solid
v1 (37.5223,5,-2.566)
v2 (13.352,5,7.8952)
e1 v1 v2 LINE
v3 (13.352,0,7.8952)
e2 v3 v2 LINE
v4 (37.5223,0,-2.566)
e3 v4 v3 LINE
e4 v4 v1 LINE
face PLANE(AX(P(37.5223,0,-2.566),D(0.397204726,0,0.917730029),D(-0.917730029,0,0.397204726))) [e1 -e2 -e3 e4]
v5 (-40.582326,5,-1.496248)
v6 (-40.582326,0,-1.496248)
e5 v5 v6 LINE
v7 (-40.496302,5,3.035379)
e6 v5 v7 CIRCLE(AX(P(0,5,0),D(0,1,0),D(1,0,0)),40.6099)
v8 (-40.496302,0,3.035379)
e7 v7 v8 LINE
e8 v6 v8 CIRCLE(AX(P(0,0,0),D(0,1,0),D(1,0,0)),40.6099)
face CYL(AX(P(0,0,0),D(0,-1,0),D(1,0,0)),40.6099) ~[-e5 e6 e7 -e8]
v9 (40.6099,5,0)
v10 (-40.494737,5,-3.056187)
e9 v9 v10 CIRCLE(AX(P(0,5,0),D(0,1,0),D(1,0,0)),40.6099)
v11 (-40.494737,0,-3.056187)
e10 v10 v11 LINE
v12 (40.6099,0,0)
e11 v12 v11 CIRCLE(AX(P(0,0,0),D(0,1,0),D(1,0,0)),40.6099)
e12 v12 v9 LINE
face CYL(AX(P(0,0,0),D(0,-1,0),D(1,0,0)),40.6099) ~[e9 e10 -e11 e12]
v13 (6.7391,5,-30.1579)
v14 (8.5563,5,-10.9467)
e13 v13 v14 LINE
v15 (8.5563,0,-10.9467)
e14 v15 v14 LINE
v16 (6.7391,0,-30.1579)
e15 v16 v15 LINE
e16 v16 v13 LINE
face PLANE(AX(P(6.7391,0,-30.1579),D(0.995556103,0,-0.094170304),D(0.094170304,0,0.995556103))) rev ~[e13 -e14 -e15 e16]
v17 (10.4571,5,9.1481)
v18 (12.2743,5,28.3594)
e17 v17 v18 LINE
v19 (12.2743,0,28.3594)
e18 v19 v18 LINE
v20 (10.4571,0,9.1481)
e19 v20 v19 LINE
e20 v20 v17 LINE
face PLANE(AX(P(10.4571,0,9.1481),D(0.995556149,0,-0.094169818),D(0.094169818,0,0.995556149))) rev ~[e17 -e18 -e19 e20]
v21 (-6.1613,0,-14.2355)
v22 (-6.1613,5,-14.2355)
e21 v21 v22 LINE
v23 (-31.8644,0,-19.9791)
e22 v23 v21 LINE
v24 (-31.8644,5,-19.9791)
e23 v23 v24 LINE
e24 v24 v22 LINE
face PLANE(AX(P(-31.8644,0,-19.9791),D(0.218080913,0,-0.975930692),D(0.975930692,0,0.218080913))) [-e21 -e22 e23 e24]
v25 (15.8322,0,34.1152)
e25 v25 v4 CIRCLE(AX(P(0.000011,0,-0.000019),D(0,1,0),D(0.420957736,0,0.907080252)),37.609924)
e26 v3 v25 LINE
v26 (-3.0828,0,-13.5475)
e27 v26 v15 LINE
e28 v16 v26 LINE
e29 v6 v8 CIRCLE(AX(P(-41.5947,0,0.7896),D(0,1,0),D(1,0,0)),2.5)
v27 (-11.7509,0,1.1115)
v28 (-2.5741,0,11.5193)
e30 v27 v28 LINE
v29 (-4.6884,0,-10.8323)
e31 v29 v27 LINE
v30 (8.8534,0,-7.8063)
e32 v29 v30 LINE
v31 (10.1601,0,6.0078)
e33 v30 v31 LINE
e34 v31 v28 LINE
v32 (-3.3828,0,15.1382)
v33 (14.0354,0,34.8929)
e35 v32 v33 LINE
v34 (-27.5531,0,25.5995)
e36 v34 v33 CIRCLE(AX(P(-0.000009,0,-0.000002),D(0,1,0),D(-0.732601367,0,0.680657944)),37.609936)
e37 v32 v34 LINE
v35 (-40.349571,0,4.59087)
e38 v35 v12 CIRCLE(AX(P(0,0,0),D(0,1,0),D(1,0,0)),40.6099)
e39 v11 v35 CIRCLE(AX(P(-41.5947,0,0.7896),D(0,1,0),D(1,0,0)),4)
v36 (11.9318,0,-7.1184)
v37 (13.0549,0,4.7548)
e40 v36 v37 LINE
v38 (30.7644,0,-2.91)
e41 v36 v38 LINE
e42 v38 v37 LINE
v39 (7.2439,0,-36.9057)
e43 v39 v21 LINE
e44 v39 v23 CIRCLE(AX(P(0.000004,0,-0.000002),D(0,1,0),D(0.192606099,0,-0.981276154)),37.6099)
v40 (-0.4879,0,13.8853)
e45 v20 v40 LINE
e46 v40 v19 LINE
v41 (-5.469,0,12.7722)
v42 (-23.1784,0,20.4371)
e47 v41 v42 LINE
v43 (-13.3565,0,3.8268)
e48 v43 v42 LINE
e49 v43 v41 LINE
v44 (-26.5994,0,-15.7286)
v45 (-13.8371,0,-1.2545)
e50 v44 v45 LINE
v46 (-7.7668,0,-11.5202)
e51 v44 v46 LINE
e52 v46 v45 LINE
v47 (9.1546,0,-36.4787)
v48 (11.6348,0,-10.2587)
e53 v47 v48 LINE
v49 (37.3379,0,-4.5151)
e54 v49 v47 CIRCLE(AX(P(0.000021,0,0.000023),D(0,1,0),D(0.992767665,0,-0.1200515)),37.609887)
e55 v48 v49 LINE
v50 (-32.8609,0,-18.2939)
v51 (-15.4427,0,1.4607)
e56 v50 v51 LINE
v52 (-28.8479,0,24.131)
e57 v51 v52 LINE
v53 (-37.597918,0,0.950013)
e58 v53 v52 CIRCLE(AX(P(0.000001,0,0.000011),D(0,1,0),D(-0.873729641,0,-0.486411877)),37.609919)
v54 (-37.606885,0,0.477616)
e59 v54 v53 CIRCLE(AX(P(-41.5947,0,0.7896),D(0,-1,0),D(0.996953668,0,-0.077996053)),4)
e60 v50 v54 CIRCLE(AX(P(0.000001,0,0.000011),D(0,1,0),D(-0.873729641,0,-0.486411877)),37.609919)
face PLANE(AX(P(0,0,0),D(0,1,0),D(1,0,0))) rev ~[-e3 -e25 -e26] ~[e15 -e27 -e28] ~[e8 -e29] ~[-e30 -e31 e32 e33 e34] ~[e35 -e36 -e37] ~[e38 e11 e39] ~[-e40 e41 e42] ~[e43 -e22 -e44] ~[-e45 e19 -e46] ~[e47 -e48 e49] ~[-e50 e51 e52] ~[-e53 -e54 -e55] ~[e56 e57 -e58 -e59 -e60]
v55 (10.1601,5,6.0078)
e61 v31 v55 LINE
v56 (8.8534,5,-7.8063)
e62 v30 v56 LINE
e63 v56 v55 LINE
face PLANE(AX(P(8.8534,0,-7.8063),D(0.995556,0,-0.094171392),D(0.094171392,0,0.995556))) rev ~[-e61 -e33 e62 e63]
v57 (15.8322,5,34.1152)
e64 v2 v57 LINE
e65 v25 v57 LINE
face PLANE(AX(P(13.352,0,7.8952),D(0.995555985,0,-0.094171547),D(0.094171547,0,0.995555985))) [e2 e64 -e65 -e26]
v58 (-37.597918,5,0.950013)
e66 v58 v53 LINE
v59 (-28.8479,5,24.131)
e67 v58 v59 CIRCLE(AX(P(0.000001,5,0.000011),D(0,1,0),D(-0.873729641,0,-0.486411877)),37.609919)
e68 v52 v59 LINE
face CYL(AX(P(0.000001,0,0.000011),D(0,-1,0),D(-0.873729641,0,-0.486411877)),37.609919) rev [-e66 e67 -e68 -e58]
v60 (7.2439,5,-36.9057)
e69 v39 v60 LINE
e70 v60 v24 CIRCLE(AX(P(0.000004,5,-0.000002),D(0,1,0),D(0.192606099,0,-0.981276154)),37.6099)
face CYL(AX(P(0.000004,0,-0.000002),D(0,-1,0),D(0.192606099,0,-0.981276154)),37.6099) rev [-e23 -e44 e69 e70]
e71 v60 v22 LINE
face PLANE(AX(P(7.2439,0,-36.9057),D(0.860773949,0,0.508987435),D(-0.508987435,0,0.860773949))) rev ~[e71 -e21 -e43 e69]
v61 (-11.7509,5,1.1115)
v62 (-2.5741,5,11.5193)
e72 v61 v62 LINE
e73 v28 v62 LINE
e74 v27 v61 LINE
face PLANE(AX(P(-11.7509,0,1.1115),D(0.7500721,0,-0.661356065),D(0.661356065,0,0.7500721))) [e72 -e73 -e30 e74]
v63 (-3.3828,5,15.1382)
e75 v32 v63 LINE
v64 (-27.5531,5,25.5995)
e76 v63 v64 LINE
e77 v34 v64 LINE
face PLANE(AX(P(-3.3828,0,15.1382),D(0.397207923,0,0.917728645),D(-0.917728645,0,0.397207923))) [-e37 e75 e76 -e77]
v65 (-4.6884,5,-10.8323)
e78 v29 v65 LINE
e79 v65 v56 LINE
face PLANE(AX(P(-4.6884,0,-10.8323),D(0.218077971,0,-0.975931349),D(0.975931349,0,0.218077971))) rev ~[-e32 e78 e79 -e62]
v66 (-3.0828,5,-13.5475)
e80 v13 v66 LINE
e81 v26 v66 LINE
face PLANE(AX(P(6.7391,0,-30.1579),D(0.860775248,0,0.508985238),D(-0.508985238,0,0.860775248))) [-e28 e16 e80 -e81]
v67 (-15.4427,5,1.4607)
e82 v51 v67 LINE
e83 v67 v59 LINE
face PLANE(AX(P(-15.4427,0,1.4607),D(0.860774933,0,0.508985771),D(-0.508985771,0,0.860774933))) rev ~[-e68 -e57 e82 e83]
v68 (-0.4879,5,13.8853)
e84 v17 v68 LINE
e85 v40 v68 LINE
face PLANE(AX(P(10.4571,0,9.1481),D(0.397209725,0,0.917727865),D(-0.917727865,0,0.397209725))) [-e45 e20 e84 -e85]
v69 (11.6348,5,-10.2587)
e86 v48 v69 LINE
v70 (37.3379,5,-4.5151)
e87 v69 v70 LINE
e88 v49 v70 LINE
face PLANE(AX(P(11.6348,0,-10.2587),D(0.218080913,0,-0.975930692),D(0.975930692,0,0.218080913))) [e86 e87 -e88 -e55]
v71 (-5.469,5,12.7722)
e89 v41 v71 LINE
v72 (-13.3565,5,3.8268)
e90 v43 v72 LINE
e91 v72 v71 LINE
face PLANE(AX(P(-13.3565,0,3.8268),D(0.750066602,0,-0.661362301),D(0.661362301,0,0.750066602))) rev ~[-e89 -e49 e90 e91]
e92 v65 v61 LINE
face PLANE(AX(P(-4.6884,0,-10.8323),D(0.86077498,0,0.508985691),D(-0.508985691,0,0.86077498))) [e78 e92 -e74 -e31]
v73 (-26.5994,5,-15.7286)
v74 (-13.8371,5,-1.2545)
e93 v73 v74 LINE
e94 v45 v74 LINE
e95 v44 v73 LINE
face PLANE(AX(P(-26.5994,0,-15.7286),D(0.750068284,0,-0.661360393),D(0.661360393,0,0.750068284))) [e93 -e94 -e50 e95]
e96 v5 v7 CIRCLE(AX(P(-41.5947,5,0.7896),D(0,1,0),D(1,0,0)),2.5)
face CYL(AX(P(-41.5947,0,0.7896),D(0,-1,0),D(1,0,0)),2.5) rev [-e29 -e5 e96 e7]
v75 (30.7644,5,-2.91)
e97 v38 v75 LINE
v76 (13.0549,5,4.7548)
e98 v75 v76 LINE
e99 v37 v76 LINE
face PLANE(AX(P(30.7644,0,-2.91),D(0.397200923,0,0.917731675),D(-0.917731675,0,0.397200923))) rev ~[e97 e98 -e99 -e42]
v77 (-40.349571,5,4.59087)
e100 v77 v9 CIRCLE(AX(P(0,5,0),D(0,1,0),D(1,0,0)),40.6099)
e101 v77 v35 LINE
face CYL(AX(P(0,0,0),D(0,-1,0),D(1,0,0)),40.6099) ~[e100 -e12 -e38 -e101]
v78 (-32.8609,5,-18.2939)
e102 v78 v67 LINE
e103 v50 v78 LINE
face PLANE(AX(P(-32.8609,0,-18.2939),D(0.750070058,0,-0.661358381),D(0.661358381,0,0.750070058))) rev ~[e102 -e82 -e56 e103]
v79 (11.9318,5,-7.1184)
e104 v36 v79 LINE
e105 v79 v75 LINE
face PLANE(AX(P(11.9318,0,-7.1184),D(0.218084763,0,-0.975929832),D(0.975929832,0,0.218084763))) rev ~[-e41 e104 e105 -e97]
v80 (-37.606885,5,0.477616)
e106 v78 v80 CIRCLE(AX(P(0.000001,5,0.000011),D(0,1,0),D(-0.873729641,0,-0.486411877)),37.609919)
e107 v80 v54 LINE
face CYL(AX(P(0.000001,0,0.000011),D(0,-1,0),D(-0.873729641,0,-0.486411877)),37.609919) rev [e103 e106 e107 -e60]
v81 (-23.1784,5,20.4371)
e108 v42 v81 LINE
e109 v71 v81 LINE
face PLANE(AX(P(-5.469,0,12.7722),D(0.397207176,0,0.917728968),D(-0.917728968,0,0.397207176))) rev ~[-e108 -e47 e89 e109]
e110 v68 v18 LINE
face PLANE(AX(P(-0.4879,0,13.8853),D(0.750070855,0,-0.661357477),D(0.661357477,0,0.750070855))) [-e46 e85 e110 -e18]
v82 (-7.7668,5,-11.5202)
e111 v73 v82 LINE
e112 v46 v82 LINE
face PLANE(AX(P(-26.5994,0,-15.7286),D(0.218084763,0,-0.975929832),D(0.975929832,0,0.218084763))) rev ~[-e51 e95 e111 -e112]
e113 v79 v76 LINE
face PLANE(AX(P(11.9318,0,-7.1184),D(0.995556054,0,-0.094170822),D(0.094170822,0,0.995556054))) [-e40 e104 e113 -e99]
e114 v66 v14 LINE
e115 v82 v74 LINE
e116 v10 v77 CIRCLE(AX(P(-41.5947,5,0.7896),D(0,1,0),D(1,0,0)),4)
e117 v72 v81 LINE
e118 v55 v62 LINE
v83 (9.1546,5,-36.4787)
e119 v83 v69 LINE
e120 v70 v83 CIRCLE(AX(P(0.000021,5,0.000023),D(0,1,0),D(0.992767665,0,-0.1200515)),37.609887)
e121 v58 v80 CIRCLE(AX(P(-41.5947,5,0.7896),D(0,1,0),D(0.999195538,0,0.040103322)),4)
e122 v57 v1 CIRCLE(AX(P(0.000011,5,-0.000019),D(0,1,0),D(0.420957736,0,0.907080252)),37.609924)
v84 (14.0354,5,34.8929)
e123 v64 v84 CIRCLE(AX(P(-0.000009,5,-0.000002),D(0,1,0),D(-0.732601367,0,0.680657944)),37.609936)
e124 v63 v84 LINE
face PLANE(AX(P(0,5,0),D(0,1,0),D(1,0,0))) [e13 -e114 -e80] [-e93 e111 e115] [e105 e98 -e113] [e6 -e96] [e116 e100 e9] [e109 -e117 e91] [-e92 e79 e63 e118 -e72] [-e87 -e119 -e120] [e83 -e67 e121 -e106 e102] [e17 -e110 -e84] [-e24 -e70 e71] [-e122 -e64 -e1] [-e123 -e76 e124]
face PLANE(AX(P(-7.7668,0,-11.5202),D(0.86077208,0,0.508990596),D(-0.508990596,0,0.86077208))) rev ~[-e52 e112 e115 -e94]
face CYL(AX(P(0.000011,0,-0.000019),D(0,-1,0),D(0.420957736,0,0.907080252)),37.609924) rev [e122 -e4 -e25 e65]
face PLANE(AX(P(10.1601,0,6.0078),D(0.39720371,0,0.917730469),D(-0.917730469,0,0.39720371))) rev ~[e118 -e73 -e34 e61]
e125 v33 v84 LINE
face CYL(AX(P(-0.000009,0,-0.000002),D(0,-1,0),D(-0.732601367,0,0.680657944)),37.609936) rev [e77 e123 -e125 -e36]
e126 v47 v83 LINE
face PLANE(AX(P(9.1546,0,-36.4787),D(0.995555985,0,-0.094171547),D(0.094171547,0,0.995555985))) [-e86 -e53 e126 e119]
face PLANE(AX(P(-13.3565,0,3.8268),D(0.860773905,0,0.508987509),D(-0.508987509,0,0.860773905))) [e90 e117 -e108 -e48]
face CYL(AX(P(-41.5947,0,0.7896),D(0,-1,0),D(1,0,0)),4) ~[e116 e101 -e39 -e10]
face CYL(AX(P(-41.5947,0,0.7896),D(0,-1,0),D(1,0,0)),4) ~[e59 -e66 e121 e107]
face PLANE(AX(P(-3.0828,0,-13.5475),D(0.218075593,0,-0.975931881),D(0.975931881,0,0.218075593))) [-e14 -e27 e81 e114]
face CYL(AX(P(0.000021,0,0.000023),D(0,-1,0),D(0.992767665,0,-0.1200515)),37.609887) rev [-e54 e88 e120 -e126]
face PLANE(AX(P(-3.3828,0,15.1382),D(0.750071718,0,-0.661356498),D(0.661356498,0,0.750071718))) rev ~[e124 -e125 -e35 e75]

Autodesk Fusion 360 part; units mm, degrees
sketch "草图1" plane through (0, 0, 0) normal (0, 1, 0) x (1, 0, 0)
sketch "草图2" plane through (0, 0, 0) normal (0, 1, 0) x (1, 0, 0)
  circle A0 centre (0, 0) radius 40.6099
  arc A1 (-32.8609, 18.2939) -> (-28.8479, -24.131) centre (0, 0) ccw
  arc A2 (7.2439, 36.9057) -> (-31.8644, 19.9791) centre (0, 0) ccw
  arc A3 (37.3379, 4.5151) -> (9.1546, 36.4787) centre (0, 0) ccw
  arc A4 (-27.5531, -25.5995) -> (14.0354, -34.8929) centre (0, 0) ccw
  arc A5 (15.8322, -34.1152) -> (37.5223, 2.566) centre (0, 0) ccw
  line L0 (-31.8644, 19.9791) -> (-6.1613, 14.2355)
  line L1 (-26.5994, 15.7286) -> (-7.7668, 11.5202)
  line L2 (-13.3565, -3.8268) -> (-23.1784, -20.4371)
  line L3 (-15.4427, -1.4607) -> (-28.8479, -24.131)
  line L4 (-3.3828, -15.1382) -> (14.0354, -34.8929)
  line L5 (-0.4879, -13.8853) -> (12.2743, -28.3594)
  line L6 (-26.5994, 15.7286) -> (-13.8371, 1.2545)
  line L7 (-11.7509, -1.1115) -> (-2.5741, -11.5193)
  line L8 (-32.8609, 18.2939) -> (-15.4427, -1.4607)
  line L9 (-13.3565, -3.8268) -> (-5.469, -12.7722)
  line L10 (-3.3828, -15.1382) -> (-27.5531, -25.5995)
  line L11 (-5.469, -12.7722) -> (-23.1784, -20.4371)
  line L12 (10.4571, -9.1481) -> (12.2743, -28.3594)
  line L13 (13.352, -7.8952) -> (15.8322, -34.1152)
  line L14 (30.7644, 2.91) -> (13.0549, -4.7548)
  line L15 (10.1601, -6.0078) -> (-2.5741, -11.5193)
  line L16 (37.5223, 2.566) -> (13.352, -7.8952)
  line L17 (10.4571, -9.1481) -> (-0.4879, -13.8853)
  line L18 (-4.6884, 10.8323) -> (8.8534, 7.8063)
  line L19 (11.9318, 7.1184) -> (30.7644, 2.91)
  line L20 (-3.0828, 13.5475) -> (8.5563, 10.9467)
  line L21 (11.6348, 10.2587) -> (37.3379, 4.5151)
  line L22 (6.7391, 30.1579) -> (8.5563, 10.9467)
  line L23 (8.8534, 7.8063) -> (10.1601, -6.0078)
  line L24 (9.1546, 36.4787) -> (11.6348, 10.2587)
  line L25 (11.9318, 7.1184) -> (13.0549, -4.7548)
  line L26 (6.7391, 30.1579) -> (-3.0828, 13.5475)
  line L27 (-4.6884, 10.8323) -> (-11.7509, -1.1115)
  line L28 (7.2439, 36.9057) -> (-6.1613, 14.2355)
  line L29 (-7.7668, 11.5202) -> (-13.8371, 1.2545)
extrude "拉伸1" add sketch "草图2" along normal blind 5 makes body 1
sketch "草图3" plane through (0, 0, 0) normal (0, 1, 0) x (1, 0, 0)
  circle A0 centre (-95, 0) radius 2.5
  circle A1 centre (-95, 0) radius 4
  dimension "d6" = 5
  dimension "d7" = 8
extrude "拉伸2" add sketch "草图3" along normal blind 5 separate body makes body 2
move_body "移动1" bodies 2 to x (1, 0, 0) y (0, 1, 0) z (0, 0, 1) at (54.5157, 0, 0.7678)
move_body "移动2" bodies 2 to x (1, 0, 0) y (0, 1, 0) z (0, 0, 1) at (-1.1104, 0, 0.0218)
combine "合并1" operation add target body 1 tool bodies 2
